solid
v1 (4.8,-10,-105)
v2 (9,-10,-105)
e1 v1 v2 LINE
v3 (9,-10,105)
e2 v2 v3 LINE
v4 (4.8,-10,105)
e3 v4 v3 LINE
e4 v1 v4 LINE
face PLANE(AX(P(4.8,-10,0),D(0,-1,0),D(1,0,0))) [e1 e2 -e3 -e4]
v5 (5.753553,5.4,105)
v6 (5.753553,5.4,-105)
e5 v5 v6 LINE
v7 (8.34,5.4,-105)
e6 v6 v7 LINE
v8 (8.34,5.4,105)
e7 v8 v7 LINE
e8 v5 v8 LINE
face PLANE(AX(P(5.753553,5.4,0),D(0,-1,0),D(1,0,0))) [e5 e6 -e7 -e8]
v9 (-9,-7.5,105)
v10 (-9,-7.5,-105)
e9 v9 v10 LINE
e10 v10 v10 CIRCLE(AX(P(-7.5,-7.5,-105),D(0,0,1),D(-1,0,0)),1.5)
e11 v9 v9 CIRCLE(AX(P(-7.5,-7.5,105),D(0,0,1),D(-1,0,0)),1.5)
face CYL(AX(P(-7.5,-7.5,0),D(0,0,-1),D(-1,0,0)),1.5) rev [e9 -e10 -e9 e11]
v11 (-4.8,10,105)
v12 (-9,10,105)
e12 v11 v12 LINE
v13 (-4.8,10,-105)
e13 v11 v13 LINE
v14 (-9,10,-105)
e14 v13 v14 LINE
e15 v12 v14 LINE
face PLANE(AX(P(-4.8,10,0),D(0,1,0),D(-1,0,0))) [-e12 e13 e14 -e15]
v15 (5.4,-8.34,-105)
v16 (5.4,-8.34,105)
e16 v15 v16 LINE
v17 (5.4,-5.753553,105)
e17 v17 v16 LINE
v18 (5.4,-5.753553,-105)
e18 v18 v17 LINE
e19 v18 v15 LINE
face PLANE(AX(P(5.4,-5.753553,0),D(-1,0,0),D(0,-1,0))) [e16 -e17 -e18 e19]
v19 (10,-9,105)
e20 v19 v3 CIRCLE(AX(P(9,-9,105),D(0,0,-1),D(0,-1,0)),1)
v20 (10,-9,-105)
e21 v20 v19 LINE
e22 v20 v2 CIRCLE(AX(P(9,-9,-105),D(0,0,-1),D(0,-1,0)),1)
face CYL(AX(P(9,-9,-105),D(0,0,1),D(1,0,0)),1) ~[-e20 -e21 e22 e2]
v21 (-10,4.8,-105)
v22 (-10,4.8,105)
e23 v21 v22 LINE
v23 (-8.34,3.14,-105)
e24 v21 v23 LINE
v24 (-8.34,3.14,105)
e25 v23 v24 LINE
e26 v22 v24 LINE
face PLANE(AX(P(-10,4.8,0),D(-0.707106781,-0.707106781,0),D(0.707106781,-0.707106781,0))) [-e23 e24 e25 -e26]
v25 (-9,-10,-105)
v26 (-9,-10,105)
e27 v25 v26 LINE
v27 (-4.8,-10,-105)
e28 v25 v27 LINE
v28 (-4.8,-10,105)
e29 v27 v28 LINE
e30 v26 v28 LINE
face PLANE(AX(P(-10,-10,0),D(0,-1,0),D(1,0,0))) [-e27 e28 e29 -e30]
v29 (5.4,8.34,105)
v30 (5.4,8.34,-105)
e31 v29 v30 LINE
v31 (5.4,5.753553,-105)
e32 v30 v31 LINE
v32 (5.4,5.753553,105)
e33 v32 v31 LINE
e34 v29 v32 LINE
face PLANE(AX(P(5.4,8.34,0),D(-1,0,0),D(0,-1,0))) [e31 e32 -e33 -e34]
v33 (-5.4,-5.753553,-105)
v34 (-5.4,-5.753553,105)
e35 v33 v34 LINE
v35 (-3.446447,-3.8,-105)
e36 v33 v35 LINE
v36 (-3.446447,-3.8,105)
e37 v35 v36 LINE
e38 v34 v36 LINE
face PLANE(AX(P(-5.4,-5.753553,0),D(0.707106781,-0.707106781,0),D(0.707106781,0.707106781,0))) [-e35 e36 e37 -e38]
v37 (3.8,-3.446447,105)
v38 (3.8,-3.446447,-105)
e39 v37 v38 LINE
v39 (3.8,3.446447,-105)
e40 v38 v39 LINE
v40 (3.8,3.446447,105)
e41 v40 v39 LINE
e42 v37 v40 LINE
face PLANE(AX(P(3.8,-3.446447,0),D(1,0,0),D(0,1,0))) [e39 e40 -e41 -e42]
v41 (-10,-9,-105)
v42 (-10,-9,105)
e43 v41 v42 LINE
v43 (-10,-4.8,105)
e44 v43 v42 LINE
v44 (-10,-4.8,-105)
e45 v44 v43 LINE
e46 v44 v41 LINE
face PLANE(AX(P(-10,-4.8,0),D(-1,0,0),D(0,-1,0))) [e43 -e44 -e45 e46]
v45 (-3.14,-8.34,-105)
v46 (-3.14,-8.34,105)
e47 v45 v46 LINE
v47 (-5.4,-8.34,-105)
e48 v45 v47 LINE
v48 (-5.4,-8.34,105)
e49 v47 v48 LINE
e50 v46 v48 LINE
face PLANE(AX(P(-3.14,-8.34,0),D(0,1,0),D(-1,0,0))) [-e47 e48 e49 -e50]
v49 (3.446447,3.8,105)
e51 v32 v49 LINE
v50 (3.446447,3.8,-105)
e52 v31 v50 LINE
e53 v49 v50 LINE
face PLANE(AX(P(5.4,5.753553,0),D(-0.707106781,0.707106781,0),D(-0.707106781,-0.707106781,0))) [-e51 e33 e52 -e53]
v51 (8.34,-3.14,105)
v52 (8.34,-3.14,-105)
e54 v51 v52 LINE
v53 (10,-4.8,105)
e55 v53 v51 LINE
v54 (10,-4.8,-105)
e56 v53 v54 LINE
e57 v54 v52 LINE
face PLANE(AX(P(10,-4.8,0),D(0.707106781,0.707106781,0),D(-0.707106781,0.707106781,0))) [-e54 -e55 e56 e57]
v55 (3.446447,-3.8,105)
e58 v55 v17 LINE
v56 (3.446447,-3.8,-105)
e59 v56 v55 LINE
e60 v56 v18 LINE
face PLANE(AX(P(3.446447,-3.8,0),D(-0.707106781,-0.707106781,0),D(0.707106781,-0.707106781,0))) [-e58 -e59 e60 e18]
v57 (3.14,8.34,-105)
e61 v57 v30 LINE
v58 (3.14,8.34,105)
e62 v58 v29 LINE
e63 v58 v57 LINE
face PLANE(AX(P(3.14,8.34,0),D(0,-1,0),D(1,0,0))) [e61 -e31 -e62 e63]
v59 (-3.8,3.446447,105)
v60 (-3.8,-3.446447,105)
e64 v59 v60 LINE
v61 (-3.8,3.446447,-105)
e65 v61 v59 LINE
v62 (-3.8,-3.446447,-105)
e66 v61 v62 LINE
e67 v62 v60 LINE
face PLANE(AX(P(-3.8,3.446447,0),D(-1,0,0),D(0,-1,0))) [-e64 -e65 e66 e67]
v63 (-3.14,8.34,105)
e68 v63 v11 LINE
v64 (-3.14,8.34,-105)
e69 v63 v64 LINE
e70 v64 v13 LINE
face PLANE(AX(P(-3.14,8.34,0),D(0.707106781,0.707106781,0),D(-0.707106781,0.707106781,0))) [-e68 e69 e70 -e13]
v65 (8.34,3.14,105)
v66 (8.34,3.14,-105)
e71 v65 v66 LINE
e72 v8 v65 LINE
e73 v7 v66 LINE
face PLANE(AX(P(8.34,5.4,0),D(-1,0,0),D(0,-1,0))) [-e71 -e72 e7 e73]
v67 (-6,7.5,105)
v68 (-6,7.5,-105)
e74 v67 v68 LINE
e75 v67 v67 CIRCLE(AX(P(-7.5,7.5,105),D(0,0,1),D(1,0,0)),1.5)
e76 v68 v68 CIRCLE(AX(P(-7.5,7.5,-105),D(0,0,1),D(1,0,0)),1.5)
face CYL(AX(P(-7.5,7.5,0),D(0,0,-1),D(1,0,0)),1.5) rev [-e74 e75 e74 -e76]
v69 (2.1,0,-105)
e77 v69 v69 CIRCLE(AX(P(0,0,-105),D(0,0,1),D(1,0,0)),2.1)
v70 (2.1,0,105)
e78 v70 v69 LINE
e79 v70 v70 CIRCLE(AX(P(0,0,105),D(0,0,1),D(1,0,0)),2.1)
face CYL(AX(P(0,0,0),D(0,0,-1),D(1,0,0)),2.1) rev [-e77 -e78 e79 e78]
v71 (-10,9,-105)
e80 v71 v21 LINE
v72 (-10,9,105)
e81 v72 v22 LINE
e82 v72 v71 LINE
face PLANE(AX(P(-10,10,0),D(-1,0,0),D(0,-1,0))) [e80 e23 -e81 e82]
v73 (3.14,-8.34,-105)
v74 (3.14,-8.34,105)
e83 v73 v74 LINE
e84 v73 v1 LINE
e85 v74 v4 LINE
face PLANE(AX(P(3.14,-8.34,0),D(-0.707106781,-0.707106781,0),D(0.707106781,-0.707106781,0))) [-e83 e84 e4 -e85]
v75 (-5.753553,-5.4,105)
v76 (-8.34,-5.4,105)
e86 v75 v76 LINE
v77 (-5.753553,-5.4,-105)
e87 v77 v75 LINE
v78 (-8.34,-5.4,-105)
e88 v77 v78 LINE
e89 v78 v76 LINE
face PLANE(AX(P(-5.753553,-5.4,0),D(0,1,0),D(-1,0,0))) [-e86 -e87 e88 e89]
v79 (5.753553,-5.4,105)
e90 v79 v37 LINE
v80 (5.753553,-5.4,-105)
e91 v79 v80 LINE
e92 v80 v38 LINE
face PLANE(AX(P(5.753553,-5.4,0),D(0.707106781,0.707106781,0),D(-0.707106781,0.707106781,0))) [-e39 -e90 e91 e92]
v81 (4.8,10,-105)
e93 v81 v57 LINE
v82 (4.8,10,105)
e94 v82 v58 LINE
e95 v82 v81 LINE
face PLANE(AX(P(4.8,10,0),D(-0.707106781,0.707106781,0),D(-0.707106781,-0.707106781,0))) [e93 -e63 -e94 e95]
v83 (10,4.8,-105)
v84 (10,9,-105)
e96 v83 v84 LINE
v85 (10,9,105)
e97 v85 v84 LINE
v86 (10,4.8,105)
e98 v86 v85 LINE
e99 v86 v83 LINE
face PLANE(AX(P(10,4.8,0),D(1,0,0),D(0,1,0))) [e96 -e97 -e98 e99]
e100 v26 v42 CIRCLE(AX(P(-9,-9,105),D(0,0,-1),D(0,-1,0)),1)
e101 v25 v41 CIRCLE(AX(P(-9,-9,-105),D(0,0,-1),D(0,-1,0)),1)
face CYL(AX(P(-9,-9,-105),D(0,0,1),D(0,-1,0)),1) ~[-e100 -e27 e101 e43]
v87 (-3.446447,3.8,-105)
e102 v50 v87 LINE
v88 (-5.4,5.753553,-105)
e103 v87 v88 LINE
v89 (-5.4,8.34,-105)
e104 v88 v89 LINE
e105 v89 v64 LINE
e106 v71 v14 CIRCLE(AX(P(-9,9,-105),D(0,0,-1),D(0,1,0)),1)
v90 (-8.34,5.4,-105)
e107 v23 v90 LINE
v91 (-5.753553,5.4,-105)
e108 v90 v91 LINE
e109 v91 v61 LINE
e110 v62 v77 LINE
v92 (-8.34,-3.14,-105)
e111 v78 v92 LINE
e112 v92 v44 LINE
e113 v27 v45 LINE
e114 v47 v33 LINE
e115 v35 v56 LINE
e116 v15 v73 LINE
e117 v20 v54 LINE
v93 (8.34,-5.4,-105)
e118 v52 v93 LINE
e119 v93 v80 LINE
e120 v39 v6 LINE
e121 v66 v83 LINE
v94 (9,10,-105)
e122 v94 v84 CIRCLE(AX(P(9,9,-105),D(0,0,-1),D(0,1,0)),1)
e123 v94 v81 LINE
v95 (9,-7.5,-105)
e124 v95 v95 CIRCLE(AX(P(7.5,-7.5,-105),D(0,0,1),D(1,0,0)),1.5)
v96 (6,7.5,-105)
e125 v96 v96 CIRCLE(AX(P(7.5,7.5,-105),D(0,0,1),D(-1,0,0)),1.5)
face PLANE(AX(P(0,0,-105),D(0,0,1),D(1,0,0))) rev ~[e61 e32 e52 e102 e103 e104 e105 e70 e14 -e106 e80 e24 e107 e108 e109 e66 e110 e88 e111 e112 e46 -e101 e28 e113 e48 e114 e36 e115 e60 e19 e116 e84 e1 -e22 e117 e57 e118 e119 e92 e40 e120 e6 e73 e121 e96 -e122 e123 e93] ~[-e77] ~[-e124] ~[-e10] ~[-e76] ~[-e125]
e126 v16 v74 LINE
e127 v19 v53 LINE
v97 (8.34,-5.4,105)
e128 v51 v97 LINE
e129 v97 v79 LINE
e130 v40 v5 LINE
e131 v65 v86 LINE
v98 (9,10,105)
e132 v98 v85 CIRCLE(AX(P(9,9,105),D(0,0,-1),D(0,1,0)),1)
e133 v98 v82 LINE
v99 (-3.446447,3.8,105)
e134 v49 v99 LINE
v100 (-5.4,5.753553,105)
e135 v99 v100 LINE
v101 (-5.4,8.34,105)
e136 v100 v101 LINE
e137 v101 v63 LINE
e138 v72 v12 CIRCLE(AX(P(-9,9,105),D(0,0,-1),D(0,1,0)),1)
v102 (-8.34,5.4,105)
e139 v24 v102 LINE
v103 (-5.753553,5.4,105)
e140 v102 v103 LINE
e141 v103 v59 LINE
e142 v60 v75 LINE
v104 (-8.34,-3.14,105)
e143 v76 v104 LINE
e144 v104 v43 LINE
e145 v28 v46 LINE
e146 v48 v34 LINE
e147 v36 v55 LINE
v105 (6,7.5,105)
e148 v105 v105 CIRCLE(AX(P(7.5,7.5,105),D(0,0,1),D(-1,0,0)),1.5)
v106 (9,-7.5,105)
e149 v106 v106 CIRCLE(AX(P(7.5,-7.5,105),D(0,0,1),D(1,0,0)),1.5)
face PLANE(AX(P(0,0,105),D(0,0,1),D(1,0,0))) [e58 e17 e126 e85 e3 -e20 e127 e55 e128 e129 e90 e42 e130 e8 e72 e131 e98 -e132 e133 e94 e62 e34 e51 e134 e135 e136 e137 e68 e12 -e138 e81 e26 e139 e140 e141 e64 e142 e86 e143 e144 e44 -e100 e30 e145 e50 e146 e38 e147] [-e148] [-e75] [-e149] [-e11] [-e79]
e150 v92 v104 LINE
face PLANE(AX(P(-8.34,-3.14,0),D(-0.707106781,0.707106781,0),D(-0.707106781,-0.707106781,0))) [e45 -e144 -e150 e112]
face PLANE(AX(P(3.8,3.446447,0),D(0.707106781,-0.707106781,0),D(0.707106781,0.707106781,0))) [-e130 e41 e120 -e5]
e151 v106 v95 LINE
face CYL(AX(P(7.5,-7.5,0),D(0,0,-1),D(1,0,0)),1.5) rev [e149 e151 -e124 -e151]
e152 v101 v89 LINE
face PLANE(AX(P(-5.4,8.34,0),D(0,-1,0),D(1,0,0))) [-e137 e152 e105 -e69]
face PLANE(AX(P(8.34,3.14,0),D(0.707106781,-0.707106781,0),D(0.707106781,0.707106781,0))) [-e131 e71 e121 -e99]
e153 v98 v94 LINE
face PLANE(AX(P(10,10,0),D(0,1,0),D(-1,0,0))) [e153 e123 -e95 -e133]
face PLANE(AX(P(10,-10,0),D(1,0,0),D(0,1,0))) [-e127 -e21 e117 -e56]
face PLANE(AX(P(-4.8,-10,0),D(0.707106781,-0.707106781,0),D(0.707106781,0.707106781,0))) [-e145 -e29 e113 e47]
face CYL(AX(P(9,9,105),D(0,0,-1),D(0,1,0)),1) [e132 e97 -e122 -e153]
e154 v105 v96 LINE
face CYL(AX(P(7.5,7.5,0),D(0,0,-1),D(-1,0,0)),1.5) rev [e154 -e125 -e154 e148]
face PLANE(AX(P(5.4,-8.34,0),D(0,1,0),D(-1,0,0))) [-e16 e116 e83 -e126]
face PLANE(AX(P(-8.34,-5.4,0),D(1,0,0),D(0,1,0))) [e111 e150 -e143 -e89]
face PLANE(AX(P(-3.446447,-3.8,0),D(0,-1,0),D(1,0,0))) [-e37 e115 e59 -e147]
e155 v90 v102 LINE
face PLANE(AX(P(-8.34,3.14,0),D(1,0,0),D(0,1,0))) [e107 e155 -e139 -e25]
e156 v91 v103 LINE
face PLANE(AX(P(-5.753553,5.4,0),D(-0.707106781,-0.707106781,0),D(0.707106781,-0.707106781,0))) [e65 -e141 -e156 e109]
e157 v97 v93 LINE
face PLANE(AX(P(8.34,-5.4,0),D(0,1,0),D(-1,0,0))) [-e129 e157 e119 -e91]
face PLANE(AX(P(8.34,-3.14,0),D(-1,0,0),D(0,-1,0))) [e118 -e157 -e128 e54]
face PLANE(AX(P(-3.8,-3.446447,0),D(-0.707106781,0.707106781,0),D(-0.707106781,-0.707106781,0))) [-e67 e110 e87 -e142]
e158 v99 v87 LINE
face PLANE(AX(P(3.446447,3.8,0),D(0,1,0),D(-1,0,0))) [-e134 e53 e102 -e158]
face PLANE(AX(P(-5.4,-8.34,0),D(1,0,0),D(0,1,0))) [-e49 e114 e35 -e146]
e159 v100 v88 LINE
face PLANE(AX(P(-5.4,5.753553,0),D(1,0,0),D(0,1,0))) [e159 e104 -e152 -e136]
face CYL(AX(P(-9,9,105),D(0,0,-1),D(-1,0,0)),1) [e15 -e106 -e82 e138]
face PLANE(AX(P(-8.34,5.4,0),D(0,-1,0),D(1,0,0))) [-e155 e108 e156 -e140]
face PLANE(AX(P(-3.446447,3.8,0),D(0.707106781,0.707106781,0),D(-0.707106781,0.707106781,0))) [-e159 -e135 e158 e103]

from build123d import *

# Parameters (mm, degrees)
SKETCH_1_R      = 1.5
SKETCH_1_R_2    = 2.1
EXTRUDE_1_DEPTH = 105
FILLET_1_R      = 1


with BuildPart() as part:
    # 草图1 → 凸台-拉伸1 (new, symmetric)
    with BuildSketch(Plane.XY):
        Polygon((-10, 10), (-10, 4.8), (-8.34, 3.14), (-8.34, 5.4), (-5.753553391, 5.4), (-3.8, 3.446446609), (-3.8, -3.446446609), (-5.753553391, -5.4), (-8.34, -5.4), (-8.34, -3.14), (-10, -4.8), (-10, -10), (-4.8, -10), (-3.14, -8.34), (-5.4, -8.34), (-5.4, -5.753553391), (-3.446446609, -3.8), (3.446446609, -3.8), (5.4, -5.753553391), (5.4, -8.34), (3.14, -8.34), (4.8, -10), (10, -10), (10, -4.8), (8.34, -3.14), (8.34, -5.4), (5.753553391, -5.4), (3.8, -3.446446609), (3.8, 3.446446609), (5.753553391, 5.4), (8.34, 5.4), (8.34, 3.14), (10, 4.8), (10, 10), (4.8, 10), (3.14, 8.34), (5.4, 8.34), (5.4, 5.753553391), (3.446446609, 3.8), (-3.446446609, 3.8), (-5.4, 5.753553391), (-5.4, 8.34), (-3.14, 8.34), (-4.8, 10), align=None)
        with Locations((-7.5, 7.5)):
            Circle(SKETCH_1_R, mode=Mode.SUBTRACT)
        Circle(SKETCH_1_R_2, mode=Mode.SUBTRACT)
        with Locations(Location((-7.5, -7.5, 0), (0, 0, 180))):
            Circle(SKETCH_1_R, mode=Mode.SUBTRACT)
        with Locations((7.5, -7.5)):
            Circle(SKETCH_1_R, mode=Mode.SUBTRACT)
        with Locations(Location((7.5, 7.5, 0), (0, 0, 180))):
            Circle(SKETCH_1_R, mode=Mode.SUBTRACT)
    extrude(amount=EXTRUDE_1_DEPTH, both=True)

    # 圆角1
    fillet_1_edges = [part.edges().sort_by_distance(p)[0] for p in [
        (10, 10, 0),
        (10, -10, 0),
        (-10, -10, 0),
        (-10, 10, 0),
    ]]
    fillet(fillet_1_edges, radius=FILLET_1_R)


solid = part.part
